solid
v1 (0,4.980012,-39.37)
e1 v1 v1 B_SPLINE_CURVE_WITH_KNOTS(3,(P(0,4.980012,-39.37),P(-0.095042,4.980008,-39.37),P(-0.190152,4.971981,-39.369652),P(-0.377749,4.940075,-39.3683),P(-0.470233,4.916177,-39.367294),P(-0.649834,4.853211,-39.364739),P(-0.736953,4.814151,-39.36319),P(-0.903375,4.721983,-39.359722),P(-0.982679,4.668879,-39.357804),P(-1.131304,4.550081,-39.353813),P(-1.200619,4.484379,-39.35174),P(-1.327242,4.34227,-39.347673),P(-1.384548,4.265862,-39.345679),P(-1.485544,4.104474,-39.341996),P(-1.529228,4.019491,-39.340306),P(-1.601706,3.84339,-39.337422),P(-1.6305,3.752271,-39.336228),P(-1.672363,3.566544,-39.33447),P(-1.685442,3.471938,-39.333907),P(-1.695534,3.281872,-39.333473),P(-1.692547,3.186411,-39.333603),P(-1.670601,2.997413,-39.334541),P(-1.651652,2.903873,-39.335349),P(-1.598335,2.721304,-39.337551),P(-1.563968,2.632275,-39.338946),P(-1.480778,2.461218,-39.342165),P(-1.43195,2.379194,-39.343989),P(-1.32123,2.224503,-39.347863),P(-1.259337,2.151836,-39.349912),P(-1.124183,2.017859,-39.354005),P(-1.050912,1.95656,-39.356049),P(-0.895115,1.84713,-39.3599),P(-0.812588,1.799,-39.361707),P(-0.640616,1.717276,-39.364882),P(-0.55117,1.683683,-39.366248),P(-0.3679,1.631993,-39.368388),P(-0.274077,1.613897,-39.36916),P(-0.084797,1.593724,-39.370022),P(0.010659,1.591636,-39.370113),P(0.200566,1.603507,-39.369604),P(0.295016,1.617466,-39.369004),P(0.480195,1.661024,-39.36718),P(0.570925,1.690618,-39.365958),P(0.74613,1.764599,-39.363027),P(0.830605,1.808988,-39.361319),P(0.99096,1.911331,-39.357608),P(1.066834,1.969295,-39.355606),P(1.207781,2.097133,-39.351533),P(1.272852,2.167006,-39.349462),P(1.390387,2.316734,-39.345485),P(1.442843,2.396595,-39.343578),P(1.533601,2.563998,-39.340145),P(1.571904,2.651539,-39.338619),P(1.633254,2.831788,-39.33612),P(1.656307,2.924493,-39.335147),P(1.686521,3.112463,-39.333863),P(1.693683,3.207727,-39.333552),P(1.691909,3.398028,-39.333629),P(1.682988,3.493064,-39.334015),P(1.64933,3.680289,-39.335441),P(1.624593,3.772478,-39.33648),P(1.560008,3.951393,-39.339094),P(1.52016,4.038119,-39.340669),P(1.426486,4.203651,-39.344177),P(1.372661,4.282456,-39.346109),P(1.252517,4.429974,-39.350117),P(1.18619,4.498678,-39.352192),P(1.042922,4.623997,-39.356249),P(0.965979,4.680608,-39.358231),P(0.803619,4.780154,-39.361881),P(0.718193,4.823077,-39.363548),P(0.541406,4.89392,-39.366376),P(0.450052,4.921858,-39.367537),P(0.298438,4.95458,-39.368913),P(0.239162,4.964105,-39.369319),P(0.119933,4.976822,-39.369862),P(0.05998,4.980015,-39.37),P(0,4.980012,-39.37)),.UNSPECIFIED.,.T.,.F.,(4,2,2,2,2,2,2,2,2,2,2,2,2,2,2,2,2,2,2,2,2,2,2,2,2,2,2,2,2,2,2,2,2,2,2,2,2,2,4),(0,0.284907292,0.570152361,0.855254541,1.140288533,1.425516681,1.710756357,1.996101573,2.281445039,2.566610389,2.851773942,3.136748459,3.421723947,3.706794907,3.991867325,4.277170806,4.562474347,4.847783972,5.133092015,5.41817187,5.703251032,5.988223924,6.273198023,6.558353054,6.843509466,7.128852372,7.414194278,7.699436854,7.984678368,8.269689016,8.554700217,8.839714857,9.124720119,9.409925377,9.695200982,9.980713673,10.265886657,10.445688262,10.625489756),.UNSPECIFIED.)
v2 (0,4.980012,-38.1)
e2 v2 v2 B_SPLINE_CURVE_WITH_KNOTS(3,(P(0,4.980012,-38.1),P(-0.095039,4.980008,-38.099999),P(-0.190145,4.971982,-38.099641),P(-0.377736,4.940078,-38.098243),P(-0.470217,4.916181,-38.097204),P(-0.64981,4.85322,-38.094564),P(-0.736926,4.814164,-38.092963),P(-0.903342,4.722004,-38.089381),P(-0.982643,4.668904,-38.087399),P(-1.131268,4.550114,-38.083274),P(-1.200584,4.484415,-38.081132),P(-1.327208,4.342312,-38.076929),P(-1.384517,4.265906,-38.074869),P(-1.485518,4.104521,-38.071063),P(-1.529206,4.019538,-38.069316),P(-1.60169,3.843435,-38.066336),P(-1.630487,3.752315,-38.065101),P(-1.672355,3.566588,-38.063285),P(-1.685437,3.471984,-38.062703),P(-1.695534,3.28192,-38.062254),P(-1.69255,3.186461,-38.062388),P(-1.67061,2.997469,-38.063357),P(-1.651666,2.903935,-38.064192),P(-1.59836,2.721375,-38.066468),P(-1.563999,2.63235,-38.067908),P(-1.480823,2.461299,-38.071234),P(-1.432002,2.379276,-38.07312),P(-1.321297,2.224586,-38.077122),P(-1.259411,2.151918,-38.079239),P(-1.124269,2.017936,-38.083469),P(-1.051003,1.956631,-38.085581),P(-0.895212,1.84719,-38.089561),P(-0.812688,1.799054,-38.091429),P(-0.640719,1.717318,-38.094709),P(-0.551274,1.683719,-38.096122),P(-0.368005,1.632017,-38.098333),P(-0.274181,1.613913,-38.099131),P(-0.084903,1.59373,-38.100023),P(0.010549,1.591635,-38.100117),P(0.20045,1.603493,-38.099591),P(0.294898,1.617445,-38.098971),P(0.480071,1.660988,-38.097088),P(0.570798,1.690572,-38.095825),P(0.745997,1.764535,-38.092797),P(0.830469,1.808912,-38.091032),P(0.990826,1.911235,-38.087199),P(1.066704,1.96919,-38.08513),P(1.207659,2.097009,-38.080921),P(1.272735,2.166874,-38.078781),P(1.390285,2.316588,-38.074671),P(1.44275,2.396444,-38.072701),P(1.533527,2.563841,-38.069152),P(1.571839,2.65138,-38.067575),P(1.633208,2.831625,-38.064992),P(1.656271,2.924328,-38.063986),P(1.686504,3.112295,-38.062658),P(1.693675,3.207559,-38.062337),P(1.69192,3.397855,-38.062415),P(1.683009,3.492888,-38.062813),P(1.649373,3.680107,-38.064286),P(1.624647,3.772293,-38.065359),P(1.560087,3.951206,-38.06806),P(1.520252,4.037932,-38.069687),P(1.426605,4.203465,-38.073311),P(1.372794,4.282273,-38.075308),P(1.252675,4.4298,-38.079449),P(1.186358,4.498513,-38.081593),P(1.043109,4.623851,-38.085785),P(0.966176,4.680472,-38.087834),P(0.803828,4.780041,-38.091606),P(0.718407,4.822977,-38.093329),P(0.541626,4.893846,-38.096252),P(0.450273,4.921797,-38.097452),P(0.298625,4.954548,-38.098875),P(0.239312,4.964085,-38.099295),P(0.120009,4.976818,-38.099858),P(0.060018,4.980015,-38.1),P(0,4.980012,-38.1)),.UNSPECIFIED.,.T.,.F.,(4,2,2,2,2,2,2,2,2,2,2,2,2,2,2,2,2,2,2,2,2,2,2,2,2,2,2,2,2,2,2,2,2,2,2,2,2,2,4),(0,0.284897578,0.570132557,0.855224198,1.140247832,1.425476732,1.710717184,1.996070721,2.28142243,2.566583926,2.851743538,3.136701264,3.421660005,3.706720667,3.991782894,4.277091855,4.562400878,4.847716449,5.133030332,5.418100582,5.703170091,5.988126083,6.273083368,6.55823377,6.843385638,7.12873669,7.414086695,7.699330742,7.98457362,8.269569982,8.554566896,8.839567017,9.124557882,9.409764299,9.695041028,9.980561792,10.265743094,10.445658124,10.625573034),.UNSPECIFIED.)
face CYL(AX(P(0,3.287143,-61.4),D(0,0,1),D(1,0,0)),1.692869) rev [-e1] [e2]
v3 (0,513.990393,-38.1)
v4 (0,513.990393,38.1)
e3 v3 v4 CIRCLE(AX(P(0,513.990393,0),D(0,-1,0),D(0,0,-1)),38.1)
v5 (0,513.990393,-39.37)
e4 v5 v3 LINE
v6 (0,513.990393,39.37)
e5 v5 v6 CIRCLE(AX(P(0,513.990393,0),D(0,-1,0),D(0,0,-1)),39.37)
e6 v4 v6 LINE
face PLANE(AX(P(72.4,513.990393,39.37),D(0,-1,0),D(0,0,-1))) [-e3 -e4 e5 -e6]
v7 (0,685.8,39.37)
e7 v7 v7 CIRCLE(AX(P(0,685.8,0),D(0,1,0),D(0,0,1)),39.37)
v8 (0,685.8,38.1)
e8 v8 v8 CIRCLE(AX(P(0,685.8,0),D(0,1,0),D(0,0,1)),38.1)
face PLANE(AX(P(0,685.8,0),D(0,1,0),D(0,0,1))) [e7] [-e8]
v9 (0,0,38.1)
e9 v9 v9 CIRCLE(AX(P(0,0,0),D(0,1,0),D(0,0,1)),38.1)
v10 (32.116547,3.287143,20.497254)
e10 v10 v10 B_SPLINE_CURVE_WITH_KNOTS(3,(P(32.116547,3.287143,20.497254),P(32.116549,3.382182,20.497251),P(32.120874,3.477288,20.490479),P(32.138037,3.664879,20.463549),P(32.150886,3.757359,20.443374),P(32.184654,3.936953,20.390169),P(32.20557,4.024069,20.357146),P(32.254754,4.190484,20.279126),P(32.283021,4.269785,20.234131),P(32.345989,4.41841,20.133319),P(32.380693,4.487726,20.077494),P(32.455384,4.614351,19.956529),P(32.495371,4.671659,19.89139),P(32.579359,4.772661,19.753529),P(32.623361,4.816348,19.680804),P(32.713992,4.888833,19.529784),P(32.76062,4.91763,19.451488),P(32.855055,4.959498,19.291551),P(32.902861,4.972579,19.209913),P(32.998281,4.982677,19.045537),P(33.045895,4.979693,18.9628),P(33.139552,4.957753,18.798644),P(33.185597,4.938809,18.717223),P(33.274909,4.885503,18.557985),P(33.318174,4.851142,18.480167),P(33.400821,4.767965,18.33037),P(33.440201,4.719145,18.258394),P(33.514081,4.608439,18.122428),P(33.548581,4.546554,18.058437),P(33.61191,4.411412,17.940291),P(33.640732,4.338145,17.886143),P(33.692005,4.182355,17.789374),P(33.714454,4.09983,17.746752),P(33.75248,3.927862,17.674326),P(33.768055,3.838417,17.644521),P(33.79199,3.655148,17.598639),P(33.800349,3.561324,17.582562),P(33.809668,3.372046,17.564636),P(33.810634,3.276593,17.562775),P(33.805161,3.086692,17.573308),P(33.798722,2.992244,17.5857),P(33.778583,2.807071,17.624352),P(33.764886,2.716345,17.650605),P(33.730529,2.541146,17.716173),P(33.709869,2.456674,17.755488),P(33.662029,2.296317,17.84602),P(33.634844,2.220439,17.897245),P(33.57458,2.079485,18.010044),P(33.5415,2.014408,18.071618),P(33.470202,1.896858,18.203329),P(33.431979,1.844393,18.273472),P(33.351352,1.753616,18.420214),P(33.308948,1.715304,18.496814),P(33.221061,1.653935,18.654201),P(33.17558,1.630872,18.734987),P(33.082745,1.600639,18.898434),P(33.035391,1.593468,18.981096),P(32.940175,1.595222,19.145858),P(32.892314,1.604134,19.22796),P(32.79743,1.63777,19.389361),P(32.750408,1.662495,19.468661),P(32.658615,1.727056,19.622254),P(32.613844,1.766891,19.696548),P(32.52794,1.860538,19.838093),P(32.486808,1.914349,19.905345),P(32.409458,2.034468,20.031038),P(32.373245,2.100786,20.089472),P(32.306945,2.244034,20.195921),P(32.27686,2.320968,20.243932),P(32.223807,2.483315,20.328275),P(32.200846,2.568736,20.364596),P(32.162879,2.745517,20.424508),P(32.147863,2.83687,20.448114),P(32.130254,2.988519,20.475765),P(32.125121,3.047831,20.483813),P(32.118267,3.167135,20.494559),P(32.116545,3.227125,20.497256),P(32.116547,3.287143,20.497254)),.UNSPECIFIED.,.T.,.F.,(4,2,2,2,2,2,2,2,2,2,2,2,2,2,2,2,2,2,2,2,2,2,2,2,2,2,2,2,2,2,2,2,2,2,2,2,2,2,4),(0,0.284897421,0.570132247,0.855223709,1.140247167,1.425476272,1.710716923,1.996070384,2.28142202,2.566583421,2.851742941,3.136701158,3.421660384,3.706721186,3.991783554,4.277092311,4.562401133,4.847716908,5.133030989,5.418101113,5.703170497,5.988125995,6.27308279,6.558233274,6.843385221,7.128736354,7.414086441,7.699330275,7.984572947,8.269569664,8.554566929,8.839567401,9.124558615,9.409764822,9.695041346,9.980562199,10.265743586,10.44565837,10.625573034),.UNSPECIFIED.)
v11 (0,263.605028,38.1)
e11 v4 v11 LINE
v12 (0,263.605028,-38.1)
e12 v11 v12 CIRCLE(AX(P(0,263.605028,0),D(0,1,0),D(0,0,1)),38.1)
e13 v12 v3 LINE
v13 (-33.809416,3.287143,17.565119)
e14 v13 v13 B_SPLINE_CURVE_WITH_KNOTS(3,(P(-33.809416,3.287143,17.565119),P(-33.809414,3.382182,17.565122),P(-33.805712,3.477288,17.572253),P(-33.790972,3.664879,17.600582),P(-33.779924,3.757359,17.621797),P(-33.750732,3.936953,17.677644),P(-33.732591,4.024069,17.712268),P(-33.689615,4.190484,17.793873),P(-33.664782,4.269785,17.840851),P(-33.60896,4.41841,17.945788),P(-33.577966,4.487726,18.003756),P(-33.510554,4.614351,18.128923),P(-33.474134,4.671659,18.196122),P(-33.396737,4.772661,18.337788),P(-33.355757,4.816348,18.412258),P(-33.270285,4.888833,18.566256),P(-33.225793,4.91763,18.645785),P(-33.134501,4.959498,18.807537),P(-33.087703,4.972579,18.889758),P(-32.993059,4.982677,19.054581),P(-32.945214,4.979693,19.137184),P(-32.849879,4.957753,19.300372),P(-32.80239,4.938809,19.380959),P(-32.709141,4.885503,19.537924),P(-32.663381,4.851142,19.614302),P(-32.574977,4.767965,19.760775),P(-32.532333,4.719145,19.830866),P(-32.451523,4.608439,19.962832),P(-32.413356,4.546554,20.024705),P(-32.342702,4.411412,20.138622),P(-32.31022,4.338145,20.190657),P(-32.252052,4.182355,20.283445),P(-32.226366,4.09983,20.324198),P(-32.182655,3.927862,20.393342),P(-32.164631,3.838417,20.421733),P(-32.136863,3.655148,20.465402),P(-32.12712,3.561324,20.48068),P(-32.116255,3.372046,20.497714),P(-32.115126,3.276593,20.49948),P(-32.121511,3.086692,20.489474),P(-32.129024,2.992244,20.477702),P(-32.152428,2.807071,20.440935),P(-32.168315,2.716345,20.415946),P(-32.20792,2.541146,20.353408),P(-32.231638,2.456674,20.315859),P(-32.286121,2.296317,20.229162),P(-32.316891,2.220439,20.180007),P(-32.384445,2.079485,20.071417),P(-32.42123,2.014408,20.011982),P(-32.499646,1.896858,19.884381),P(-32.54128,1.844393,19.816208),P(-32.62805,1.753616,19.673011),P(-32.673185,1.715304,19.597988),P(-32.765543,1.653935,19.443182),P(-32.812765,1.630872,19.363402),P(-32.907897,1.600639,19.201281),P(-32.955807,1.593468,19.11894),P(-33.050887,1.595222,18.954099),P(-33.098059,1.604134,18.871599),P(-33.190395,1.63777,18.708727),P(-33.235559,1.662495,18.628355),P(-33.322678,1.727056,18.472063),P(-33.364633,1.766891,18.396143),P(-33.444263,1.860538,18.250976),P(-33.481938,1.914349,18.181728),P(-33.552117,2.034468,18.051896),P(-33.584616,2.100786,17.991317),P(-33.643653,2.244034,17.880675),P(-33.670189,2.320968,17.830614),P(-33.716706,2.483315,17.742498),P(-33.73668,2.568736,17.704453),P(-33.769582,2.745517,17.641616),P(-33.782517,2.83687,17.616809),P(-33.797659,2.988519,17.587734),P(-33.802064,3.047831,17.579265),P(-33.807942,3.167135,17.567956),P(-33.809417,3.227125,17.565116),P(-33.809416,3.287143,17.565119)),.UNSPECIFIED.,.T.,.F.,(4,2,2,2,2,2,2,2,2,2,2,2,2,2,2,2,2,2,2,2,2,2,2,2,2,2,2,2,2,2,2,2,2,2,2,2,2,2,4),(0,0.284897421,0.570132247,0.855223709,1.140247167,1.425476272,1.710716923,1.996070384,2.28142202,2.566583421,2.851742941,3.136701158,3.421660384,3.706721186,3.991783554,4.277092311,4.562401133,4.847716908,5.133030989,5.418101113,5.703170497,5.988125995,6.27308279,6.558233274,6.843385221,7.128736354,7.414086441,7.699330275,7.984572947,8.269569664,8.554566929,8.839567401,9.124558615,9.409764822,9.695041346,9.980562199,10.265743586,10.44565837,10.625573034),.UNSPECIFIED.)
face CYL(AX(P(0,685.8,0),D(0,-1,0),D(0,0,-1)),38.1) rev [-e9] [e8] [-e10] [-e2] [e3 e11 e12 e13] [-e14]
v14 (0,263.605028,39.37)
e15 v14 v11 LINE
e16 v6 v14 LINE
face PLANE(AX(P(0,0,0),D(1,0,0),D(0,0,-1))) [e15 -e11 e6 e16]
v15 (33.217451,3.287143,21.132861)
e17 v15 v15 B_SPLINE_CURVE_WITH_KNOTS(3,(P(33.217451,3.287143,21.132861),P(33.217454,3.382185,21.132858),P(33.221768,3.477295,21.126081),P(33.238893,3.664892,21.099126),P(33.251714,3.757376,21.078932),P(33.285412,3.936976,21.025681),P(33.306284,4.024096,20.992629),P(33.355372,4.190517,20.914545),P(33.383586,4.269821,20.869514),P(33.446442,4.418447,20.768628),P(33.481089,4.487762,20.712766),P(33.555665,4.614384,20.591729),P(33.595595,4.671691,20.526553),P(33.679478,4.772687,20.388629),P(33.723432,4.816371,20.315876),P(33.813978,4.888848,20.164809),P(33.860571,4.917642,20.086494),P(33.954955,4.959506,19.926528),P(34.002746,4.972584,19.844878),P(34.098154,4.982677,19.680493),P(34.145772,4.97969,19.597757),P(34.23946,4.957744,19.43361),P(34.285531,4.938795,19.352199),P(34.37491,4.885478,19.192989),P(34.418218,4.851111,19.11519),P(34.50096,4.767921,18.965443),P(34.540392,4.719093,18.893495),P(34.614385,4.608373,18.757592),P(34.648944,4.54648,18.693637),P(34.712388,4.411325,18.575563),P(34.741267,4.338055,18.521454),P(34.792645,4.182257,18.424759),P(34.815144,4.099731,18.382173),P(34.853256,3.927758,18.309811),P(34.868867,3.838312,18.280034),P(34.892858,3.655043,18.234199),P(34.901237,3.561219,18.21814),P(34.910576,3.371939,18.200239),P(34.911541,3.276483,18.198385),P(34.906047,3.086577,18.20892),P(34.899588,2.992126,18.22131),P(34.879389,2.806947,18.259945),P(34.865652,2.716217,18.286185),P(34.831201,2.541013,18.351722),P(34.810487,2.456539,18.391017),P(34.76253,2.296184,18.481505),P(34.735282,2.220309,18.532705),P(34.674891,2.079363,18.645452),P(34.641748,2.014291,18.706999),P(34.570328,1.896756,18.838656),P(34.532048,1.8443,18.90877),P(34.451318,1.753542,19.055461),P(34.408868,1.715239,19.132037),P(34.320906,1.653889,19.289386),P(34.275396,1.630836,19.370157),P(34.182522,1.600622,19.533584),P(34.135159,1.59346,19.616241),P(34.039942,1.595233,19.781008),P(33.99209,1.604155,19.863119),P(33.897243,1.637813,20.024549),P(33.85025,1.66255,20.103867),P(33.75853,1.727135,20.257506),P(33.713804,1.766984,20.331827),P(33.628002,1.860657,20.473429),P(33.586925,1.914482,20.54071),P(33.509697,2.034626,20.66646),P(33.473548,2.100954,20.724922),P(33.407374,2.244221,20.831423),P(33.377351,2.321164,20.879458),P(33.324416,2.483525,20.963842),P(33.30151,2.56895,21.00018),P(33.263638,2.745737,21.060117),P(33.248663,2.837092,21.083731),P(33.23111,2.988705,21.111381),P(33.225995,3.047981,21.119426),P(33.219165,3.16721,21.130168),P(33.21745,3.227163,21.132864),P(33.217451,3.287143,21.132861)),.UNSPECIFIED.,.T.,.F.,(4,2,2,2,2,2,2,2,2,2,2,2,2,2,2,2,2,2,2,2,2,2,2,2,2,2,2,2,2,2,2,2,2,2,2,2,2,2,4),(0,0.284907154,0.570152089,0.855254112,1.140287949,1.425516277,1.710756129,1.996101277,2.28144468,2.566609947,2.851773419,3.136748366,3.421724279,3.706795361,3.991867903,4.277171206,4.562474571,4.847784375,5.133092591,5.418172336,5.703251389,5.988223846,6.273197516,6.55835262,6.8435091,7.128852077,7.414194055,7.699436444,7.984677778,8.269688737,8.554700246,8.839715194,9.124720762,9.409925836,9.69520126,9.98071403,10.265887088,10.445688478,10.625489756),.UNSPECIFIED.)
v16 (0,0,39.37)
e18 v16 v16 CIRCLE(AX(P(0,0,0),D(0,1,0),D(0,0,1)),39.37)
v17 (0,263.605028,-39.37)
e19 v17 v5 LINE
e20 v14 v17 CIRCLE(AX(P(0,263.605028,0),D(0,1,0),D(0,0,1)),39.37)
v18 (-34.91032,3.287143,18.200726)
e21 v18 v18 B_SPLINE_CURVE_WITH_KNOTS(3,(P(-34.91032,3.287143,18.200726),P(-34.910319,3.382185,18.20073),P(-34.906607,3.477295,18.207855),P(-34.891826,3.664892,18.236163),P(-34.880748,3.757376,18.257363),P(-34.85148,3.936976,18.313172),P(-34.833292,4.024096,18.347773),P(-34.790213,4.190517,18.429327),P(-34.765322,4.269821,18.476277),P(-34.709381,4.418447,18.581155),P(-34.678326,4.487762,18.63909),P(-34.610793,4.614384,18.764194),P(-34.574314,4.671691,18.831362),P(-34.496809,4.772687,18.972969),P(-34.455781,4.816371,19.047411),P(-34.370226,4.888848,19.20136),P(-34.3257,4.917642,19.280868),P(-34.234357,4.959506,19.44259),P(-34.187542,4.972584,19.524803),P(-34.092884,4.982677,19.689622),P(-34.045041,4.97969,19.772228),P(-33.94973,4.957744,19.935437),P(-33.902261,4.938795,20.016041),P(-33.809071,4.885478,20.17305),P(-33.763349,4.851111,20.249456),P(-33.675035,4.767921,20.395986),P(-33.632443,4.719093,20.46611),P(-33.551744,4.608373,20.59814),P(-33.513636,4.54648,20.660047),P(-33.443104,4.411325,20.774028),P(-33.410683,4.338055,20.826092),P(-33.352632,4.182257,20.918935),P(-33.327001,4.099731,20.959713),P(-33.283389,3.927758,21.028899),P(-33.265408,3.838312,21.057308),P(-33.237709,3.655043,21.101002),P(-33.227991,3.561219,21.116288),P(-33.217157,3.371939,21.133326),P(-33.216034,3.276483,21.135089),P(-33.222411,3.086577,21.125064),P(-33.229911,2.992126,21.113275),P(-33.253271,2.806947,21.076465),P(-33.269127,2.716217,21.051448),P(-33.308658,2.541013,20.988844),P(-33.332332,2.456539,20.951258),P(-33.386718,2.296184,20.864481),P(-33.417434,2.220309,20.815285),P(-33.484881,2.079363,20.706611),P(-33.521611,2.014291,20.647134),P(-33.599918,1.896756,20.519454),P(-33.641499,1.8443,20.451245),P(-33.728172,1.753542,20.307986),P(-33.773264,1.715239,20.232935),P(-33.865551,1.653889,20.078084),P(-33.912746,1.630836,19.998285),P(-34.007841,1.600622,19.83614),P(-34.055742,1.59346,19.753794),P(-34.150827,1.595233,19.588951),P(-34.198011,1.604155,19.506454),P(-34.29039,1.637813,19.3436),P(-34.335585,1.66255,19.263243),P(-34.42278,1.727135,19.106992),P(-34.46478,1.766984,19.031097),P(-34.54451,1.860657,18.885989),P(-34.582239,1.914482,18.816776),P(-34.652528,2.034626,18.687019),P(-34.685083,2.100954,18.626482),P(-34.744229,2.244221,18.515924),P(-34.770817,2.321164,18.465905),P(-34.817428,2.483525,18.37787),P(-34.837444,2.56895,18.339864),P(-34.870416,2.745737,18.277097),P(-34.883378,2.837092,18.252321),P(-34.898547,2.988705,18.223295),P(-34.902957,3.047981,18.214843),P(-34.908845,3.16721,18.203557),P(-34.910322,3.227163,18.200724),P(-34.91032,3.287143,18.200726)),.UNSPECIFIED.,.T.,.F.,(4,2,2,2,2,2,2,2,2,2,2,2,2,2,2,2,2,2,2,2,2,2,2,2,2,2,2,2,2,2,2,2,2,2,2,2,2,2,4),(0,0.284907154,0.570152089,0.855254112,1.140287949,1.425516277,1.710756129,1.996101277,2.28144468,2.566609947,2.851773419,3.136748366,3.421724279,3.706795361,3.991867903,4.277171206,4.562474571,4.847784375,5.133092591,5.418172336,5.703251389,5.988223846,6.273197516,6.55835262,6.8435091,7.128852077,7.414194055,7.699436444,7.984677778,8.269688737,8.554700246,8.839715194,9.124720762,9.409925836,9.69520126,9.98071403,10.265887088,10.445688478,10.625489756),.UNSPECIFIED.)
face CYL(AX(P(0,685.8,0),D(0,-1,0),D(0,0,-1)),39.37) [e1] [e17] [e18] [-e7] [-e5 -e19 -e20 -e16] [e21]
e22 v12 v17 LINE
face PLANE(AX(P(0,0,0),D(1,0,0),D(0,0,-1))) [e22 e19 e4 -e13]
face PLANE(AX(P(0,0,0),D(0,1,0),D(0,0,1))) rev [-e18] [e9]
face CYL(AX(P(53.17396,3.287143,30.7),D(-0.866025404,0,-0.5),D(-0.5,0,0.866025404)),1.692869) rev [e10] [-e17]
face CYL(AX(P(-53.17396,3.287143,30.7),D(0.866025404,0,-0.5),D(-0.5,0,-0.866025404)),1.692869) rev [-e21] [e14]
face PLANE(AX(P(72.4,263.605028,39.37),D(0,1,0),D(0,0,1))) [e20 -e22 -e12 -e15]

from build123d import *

# Parameters (mm, degrees)
SKETCH1_R           = 39.37
SKETCH1_R_2         = 38.1
BOSS_EXTRUDE1_DEPTH = 685.8
SKETCH2_R           = 1.692869147
CUT_EXTRUDE1_DEPTH  = 61.4
CIRPATTERN3_COUNT   = 3
CUT_EXTRUDE2_DEPTH  = 72.4


with BuildPart() as part:
    # Sketch1 → Boss-Extrude1 (new body)
    with BuildSketch(Plane(origin=(0, 0, 0), x_dir=(1, 0, 0), z_dir=(0, 1, 0))):
        with Locations(Location((0, 0, 0), (0, 0, 270))):
            Circle(SKETCH1_R)
        with Locations(Location((0, 0, 0), (0, 0, 270))):
            Circle(SKETCH1_R_2, mode=Mode.SUBTRACT)
    extrude(amount=BOSS_EXTRUDE1_DEPTH)

    # Sketch2 → Cut-Extrude1 (cut)
    with BuildSketch(Plane.XY):
        with Locations(Location((0, 3.287142885, 0), (0, 0, 90))):
            Circle(SKETCH2_R)
    cut_extrude1 = extrude(amount=-CUT_EXTRUDE1_DEPTH, mode=Mode.SUBTRACT)

    # CirPattern3: Cut-Extrude1 ×3 about axis
    cirpattern3_axis = Axis((0, 0, 0), (0, -1, 0))
    for i in range(1, CIRPATTERN3_COUNT):
        add(cut_extrude1.rotate(cirpattern3_axis, i * 360 / CIRPATTERN3_COUNT), mode=Mode.SUBTRACT)

    # Sketch3 → Cut-Extrude2 (cut)
    with BuildSketch(Plane(origin=(0, 0, 0), x_dir=(0, 0, -1), z_dir=(1, 0, 0))):
        Polygon((-39.37, 513.990392655), (39.37, 513.990392655), (39.37, 282.655028446), (39.37, 269.955028446), (39.37, 263.605028446), (-39.37, 263.605028446), (-39.37, 269.955028446), (-39.37, 276.305028446), (-39.37, 282.655028446), align=None)
    extrude(amount=CUT_EXTRUDE2_DEPTH, mode=Mode.SUBTRACT)


solid = part.part
